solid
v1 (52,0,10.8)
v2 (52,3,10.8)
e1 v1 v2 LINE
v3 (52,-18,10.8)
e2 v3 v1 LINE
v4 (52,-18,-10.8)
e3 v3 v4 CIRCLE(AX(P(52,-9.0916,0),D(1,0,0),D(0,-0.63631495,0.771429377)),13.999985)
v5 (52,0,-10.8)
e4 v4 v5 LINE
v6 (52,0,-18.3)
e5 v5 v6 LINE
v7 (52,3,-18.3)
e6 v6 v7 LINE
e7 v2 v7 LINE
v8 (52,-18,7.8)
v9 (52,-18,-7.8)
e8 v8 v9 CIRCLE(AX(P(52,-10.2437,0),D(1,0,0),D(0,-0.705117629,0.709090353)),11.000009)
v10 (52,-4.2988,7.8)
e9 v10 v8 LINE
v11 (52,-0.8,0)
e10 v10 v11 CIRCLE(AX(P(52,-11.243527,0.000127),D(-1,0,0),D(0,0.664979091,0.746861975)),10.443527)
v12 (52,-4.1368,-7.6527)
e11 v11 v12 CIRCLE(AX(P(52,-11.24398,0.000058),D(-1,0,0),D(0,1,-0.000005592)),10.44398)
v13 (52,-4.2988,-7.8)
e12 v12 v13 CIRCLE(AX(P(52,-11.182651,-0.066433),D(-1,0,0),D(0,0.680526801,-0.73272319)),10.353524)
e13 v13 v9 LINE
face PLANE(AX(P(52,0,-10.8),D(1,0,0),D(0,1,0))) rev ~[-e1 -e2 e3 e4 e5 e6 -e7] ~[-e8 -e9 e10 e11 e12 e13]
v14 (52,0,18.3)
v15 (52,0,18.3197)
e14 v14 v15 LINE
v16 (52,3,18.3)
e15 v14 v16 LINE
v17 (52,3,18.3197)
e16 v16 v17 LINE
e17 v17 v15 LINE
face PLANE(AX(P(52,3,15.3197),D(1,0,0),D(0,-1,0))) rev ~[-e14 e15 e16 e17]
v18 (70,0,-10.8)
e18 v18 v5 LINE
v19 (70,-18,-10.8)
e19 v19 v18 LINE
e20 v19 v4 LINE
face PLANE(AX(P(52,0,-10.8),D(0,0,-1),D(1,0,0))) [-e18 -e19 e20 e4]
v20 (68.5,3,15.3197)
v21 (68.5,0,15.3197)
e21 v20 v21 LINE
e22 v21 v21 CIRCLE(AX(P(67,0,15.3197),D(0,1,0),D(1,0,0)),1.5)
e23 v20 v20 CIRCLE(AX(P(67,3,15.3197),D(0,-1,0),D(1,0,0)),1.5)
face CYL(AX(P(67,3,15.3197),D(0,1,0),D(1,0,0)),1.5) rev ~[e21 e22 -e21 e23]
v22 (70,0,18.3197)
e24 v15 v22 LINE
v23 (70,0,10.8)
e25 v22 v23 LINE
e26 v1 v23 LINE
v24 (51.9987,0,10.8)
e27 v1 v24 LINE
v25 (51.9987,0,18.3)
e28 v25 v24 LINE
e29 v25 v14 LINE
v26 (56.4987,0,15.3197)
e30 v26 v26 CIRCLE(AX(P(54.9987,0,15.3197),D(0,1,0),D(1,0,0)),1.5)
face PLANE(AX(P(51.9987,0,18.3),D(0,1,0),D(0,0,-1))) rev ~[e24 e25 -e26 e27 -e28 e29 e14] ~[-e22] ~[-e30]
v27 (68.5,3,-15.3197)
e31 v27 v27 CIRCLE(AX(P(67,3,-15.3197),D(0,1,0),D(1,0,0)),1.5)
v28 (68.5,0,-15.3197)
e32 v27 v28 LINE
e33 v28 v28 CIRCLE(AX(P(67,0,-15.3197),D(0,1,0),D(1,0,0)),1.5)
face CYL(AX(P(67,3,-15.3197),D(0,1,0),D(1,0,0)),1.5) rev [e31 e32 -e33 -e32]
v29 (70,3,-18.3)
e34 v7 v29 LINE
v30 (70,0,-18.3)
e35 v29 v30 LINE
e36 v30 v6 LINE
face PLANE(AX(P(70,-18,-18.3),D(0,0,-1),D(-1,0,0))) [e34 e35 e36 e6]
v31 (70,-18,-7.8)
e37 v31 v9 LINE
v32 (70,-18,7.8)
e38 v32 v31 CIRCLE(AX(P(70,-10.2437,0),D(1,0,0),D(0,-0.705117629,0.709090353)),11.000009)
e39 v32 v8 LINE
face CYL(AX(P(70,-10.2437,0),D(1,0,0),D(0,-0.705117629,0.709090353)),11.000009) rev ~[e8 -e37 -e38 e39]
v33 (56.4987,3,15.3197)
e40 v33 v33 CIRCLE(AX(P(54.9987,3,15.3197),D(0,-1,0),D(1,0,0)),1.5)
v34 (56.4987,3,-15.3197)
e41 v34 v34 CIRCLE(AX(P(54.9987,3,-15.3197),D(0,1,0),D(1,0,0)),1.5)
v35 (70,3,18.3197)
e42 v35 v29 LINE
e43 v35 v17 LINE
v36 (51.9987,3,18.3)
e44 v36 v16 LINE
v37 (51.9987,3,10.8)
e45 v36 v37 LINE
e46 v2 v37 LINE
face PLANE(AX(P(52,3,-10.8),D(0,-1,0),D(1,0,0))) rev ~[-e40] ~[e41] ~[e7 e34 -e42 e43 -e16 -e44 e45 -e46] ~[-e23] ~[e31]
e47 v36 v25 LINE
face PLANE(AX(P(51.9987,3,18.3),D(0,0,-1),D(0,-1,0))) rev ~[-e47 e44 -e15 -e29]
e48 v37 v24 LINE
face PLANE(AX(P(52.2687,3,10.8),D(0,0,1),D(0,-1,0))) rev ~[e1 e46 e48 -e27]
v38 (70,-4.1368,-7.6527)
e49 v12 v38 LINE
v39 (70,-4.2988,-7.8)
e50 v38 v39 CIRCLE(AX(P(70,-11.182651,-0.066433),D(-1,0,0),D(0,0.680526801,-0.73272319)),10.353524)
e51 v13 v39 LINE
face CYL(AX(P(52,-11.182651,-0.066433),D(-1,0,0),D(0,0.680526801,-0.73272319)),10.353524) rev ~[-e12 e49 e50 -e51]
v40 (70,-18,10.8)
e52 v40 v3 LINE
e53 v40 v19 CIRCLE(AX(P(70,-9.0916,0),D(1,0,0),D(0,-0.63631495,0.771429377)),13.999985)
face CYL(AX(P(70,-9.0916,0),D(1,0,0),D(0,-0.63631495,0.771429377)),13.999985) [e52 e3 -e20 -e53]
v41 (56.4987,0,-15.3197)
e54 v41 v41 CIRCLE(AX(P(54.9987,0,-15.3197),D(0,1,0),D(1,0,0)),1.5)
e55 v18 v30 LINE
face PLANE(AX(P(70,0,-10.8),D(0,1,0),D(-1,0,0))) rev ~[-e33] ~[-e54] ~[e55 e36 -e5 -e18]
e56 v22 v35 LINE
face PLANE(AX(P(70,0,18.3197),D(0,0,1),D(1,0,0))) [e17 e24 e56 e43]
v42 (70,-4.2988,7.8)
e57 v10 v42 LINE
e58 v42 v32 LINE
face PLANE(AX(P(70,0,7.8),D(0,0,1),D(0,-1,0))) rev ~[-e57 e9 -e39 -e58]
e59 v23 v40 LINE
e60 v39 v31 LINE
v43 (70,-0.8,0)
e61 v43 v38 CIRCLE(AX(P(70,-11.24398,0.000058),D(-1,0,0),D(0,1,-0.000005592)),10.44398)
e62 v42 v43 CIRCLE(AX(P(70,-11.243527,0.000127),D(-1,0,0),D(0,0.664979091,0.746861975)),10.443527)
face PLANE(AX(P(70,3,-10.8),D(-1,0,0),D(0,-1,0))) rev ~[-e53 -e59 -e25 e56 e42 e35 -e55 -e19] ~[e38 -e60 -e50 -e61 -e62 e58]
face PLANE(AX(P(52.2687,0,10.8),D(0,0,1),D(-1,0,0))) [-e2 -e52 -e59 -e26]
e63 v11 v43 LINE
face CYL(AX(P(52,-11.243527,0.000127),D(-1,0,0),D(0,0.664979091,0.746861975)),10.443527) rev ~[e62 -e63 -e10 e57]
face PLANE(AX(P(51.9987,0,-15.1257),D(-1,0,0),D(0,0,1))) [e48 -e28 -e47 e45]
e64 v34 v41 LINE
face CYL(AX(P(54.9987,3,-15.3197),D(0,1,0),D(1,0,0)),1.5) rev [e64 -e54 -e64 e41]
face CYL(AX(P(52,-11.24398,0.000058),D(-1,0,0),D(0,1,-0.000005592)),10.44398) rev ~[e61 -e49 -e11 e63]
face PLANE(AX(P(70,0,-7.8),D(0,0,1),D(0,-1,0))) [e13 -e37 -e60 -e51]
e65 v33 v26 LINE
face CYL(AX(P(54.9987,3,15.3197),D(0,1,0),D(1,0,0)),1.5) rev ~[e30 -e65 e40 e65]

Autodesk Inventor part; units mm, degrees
ref_plane "YZ Plane" through (0, 0, 0) normal (1, 0, 0) x (0, 1, 0)
ref_plane "XZ Plane" through (0, 0, 0) normal (0, 1, 0) x (-1, 0, 0)
sketch "Sketch1" plane through (0, 0, 0) normal (0, 1, 0) x (-1, 0, 0)
  line L0 (70, 0) -> (70, -70)
  line L1 (70, -70) -> (0, -70)
  line L2 (-70, 0) -> (-70, 70)
  line L3 (-70, 70) -> (0, 70)
  line L4 (0, 70) -> (70, 70)
  line L5 (70, 70) -> (70, 0)
  line L6 (0, -70) -> (-70, -70)
  line L7 (-70, -70) -> (-70, 0)
  point P0 (0, 0)
extrude "Extrusion1" add sketch "Sketch1" along normal blind 3
fillet "Fillet1" radius 5 3 edges at (70, 1.5, 70) (70, 1.5, -70) (-70, 1.5, 70)
fillet "Fillet2" radius 5 1 edges at (-70, 1.5, -70)
ref_plane "Work Plane1" through (65, 0, 65) normal (1, 0, 0) x (0, 0, -1)
sketch "Sketch6" plane through (70, 0, 65) normal (1, 0, 0) x (0, 0, -1)
  line L0 (65, 0) -> (57.2, 0)
  line L1 (130, 0) -> (0, 0) projected
  line L2 (65, 0) -> (72.8, 0)
  line L3 (57.2, 0) -> (57.2, -18)
  line L4 (72.8, 0) -> (72.8, -18)
  line L5 (65, 0) -> (65, -10)
  arc A0 (57.2, -18) -> (72.8, -18) centre (65, -10.2437) ccw
  line L6 (57.2, 0) -> (54.2, 0)
  line L7 (54.2, 0) -> (54.2, -18)
  line L8 (72.8, 0) -> (75.8, 0)
  line L9 (75.8, 0) -> (75.8, -18)
  arc A1 (54.2, -18) -> (75.8, -18) centre (65, -9.0916) ccw
  dimension "d17" = 18
  dimension "d21" = 3
  dimension "d22" = 3
extrude "Extrusion3" add sketch "Sketch6" against normal blind 18 contours L3 A0 L4 L1 L9 A1 L7
pattern_circular "Circular Pattern1" count 4 over 360 about axis through (0, -10, 0) along (0, 1, 0) of "Extrusion3"
sketch "Sketch8" plane through (0, 3, 0) normal (0, 1, 0) x (1, 0, 0)
  circle A0 centre (58.4636, -19.348) radius 2.5
  point P0 (0, 0)
  dimension "d35" = 5
extrude "Extrusion5" cut sketch "Sketch8" against normal blind 3
sketch "Sketch9" plane through (0, 3, 0) normal (0, 1, 0) x (1, 0, 0)
  circle A0 centre (-60.6489, 18.9578) radius 2.5
  point P0 (0, 0)
  dimension "d39" = 5
extrude "Extrusion6" cut sketch "Sketch9" against normal blind 3
sketch "Sketch10" plane through (0, 3, 0) normal (0, 1, 0) x (1, 0, 0)
  line L0 (70, -65) -> (70, 65) projected
  line L1 (70, 15.1257) -> (39.2687, 15.1257)
  line L2 (39.2687, 15.1257) -> (39.2687, -15.3197)
  line L3 (39.2687, -15.3197) -> (70, -15.3197)
  line L4 (70, -15.3197) -> (70, 15.1257)
  point P0 (0, 0)
extrude "Extrusion7" add sketch "Sketch10" along normal blind 10
sketch "Sketch11" plane through (0, 3, 0) normal (0, 1, 0) x (1, 0, 0)
  point P0 (0, 0)
sketch "Sketch12" plane through (0, 3, 0) normal (0, 1, 0) x (1, 0, 0)
  line L0 (39.2687, -15.3197) -> (39.2687, -70)
  line L1 (10.8, -70) -> (65, -70) projected
  line L2 (39.2687, -15.3197) -> (39.2687, 15.1257) projected
  line L3 (39.2687, -70) -> (-73.9803, -70)
  line L4 (-73.9803, -70) -> (-73.9803, 75.2408)
  line L5 (-73.9803, 75.2408) -> (39.2687, 75.2408)
  line L6 (39.2687, 75.2408) -> (39.2687, -70)
  point P0 (0, 0)
extrude "Extrusion8" cut sketch "Sketch12" against normal blind 100
sketch "Sketch13" plane through (0, 3, 0) normal (0, 1, 0) x (1, 0, 0)
  line L0 (39.2687, -15.3197) -> (74.5621, -15.3197)
  line L1 (74.5621, -15.3197) -> (74.5621, -76.2104)
  line L2 (74.5621, -76.2104) -> (39.2687, -76.2104)
  line L3 (39.2687, -76.2104) -> (39.2687, -15.3197)
  point P0 (0, 0)
extrude "Extrusion9" cut sketch "Sketch13" against normal blind 100
sketch "Sketch14" plane through (0, 3, 0) normal (0, 1, 0) x (1, 0, 0)
  line L0 (39.2687, 15.1257) -> (72.3919, 15.1257)
  line L1 (72.3919, 15.1257) -> (72.3919, 74.5163)
  line L2 (72.3919, 74.5163) -> (39.2687, 74.5163)
  line L3 (39.2687, 74.5163) -> (39.2687, 15.1257)
  point P0 (0, 0)
extrude "Extrusion10" cut sketch "Sketch14" against normal blind 100
sketch "Sketch17" plane through (70, -18, 10.8) normal (1, 0, 0) x (0, 0, -1)
  line L0 (-4.5197, 18) -> (-4.5197, 21)
  line L1 (-4.5197, 18) -> (-4.5197, 31) projected
  line L2 (-4.5197, 21) -> (25.9257, 21)
  line L3 (25.9257, 31) -> (25.9257, 18) projected
  line L4 (25.9257, 21) -> (-4.5197, 21)
  line L5 (-4.5197, 21) -> (-4.5197, 31)
  line L6 (-4.5197, 31) -> (25.9257, 31)
  line L7 (25.9257, 31) -> (25.9257, 21)
  point P0 (10.8, 18)
  dimension "d50" = 3
extrude "Extrusion11" cut sketch "Sketch17" against normal blind 100
sketch "Sketch18" plane through (39.2687, 0, -15.1257) normal (-1, 0, 0) x (0, 0, 1)
  line L0 (0, 3) -> (30.4454, 3)
  line L1 (30.4454, 3) -> (30.4454, 0)
  line L2 (30.4454, 0) -> (0, 0)
  line L3 (0, 0) -> (0, 3)
  point P0 (15.1257, 0)
extrude "Extrusion12" cut sketch "Sketch18" against normal blind 13
sketch "Sketch20" plane through (52, 0, 65) normal (-1, 0, 0) x (0, 0, 1)
  line L0 (-72.8, -18) -> (-72.8, 0) projected
  line L1 (-72.8, -9) -> (-57.2, -9)
  line L2 (-57.2, -18) -> (-57.2, 0) projected
  line L3 (-72.8, -18) -> (-72.8, -4)
  arc A0 (-72.8, -18) -> (-57.2, -18) centre (-65, -10.2437) ccw projected
  line L4 (-65, -21.2437) -> (-72.8, -21.2437)
  line L5 (-72.8, -4) -> (-72.8, -0.8)
  line L6 (-65, -21.2437) -> (-65, -3.2437)
  line L7 (-65, -21.2437) -> (-65, -11.2437)
  line L8 (-65, -11.2437) -> (-65, -1.2437)
  line L9 (-65, -1.2437) -> (-65, -0.8)
  arc A1 (-65, -0.8) -> (-72.6527, -4.1368) centre (-65, -11.2437) ccw
  arc A2 (-57.2, -4.2988) -> (-65, -0.8) centre (-65, -11.2437) ccw
  arc A3 (-72.6527, -4.1368) -> (-72.8, -4.2988) centre (-65, -11.2437) ccw
  arc A4 (-57.2, -4.2988) -> (-57.2, -4.2988) centre (-65, -11.2437) ccw
  line L10 (-72.8, -4.2988) -> (-72.8, 0)
  line L11 (-57.2, 0) -> (-57.2, -4.2988)
  line L12 (-57.2, 0) -> (-72.8, 0) projected
  line L13 (-57.2, -4.2988) -> (-57.2, 0)
  line L14 (-72.8, -4.2988) -> (-72.8, 0)
  line L15 (-72.8, 0) -> (-57.2, 0)
  point P0 (-65, 0)
  dimension "d55" = 14
  dimension "d56" = 3.2
  dimension "d57" = 18
  dimension "d58" = 10
  dimension "d59" = 10
extrude "Extrusion13" add sketch "Sketch20" against normal blind 18 contours L0 L12 L2 A2 A1 A3
sketch "Sketch22" plane through (52.2687, 0, 10.8) normal (0, 1, 0) x (1, 0, 0)
  line L0 (-0.2687, 21.6) -> (0, 21.6)
  line L1 (0, 21.6) -> (0, 0)
  line L2 (0, 0) -> (-0.2687, 0)
  line L3 (-0.2687, 0) -> (-0.2687, 21.6)
  point P0 (-52.2687, 10.8)
extrude "Extrusion14" add sketch "Sketch22" along normal blind 3
sketch "Sketch24" plane through (52.2687, 0, -15.1257) normal (-1, 0, 0) x (0, 0, 1)
  line L0 (30.4454, 3) -> (25.9257, 3)
  line L1 (25.9257, 3) -> (25.9257, 0)
  line L2 (25.9257, 0) -> (30.4454, 0)
  line L3 (30.4454, 0) -> (30.4454, 3)
  point P0 (15.1257, 0)
extrude "Extrusion16" add sketch "Sketch24" along normal blind 0.3
sketch "Sketch25" plane through (52.2687, 0, -15.1257) normal (-1, 0, 0) x (0, 0, 1)
  line L0 (0, 0) -> (4.3257, 0)
  line L1 (4.3257, 0) -> (4.3257, 3)
  line L2 (4.3257, 3) -> (0, 3)
  line L3 (0, 3) -> (0, 0)
  point P0 (15.1257, 0)
extrude "Extrusion17" add sketch "Sketch25" along normal blind 0.27
sketch "Sketch26" plane through (51.9687, 0, -15.1257) normal (-1, 0, 0) x (0, 0, 1)
  line L0 (30.4454, 3) -> (25.9257, 3)
  line L1 (25.9257, 3) -> (25.9257, 0)
  line L2 (25.9257, 0) -> (30.4454, 0)
  line L3 (30.4454, 0) -> (30.4454, 3)
  point P0 (15.1257, 0)
extrude "Extrusion18" cut sketch "Sketch26" against normal blind 0.03
sketch "Sketch27" plane through (70, 0, 15.3197) normal (0, 0, 1) x (1, 0, 0)
  line L0 (0, 3) -> (-18, 3)
  line L1 (-18, 3) -> (-18, 0)
  line L2 (-18, 0) -> (0, 0)
  line L3 (0, 0) -> (0, 3)
  point P0 (-70, 0)
extrude "Extrusion19" add sketch "Sketch27" along normal blind 3
sketch "Sketch32" plane through (51.9987, 0, -15.1257) normal (-1, 0, 0) x (0, 0, 1)
  line L0 (4.3257, 0) -> (-3, 0)
  line L1 (-3, 0) -> (-3, 3)
  line L2 (-3, 3) -> (4.3257, 3)
  line L3 (4.3257, 3) -> (4.3257, 0)
  point P0 (15.1257, 0)
extrude "Extrusion21" cut sketch "Sketch32" against normal blind 30
sketch "Sketch33" plane through (51.9987, 0, -15.1257) normal (-1, 0, 0) x (0, 0, 1)
  line L0 (33.4454, 0) -> (25.9257, 0) projected
  line L1 (25.9257, 3) -> (33.4257, 3)
  line L2 (33.4257, 3) -> (33.4257, 0)
  line L3 (33.4257, 0) -> (25.9257, 0)
  line L4 (25.9257, 0) -> (25.9257, 3)
  point P0 (15.1257, 0)
  dimension "d86" = 7.5
extrude "Extrusion22" add sketch "Sketch33" against normal blind 18
sketch "Sketch34" plane through (52, 3, -10.8) normal (0, 1, 0) x (1, 0, 0)
  line L0 (18, -29.1197) -> (18, -26.1197)
  line L1 (18, -29.1197) -> (18, -21.6) projected
  line L2 (18, -26.1197) -> (-0.0013, -26.1197)
  line L3 (-0.0013, -29.1) -> (-0.0013, -21.6) projected
  line L4 (-0.0013, -26.1197) -> (2.9987, -26.1197)
  line L5 (18, -26.1197) -> (15, -26.1197)
  circle A0 centre (15, -26.1197) radius 1.5
  circle A1 centre (2.9987, -26.1197) radius 1.5
  point P0 (-52, -10.8)
  dimension "d89" = 3
  dimension "d90" = 3
  dimension "d91" = 3
  dimension "d92" = 3
  dimension "d93" = 3
extrude "Extrusion23" cut sketch "Sketch34" against normal blind 18
sketch "Sketch35" plane through (70, -18, -10.8) normal (0, 0, -1) x (-1, 0, 0)
  line L0 (18, 21) -> (0, 21)
  line L1 (0, 21) -> (0, 18)
  line L2 (0, 18) -> (18, 18)
  line L3 (18, 18) -> (18, 21)
  point P0 (70, 18)
extrude "Extrusion24" add sketch "Sketch35" along normal blind 7.5
mirror "Mirror1" about plane through (0, 0, 0) normal (0, 0, 1) of "Extrusion23"
properties part number "smallpart"
